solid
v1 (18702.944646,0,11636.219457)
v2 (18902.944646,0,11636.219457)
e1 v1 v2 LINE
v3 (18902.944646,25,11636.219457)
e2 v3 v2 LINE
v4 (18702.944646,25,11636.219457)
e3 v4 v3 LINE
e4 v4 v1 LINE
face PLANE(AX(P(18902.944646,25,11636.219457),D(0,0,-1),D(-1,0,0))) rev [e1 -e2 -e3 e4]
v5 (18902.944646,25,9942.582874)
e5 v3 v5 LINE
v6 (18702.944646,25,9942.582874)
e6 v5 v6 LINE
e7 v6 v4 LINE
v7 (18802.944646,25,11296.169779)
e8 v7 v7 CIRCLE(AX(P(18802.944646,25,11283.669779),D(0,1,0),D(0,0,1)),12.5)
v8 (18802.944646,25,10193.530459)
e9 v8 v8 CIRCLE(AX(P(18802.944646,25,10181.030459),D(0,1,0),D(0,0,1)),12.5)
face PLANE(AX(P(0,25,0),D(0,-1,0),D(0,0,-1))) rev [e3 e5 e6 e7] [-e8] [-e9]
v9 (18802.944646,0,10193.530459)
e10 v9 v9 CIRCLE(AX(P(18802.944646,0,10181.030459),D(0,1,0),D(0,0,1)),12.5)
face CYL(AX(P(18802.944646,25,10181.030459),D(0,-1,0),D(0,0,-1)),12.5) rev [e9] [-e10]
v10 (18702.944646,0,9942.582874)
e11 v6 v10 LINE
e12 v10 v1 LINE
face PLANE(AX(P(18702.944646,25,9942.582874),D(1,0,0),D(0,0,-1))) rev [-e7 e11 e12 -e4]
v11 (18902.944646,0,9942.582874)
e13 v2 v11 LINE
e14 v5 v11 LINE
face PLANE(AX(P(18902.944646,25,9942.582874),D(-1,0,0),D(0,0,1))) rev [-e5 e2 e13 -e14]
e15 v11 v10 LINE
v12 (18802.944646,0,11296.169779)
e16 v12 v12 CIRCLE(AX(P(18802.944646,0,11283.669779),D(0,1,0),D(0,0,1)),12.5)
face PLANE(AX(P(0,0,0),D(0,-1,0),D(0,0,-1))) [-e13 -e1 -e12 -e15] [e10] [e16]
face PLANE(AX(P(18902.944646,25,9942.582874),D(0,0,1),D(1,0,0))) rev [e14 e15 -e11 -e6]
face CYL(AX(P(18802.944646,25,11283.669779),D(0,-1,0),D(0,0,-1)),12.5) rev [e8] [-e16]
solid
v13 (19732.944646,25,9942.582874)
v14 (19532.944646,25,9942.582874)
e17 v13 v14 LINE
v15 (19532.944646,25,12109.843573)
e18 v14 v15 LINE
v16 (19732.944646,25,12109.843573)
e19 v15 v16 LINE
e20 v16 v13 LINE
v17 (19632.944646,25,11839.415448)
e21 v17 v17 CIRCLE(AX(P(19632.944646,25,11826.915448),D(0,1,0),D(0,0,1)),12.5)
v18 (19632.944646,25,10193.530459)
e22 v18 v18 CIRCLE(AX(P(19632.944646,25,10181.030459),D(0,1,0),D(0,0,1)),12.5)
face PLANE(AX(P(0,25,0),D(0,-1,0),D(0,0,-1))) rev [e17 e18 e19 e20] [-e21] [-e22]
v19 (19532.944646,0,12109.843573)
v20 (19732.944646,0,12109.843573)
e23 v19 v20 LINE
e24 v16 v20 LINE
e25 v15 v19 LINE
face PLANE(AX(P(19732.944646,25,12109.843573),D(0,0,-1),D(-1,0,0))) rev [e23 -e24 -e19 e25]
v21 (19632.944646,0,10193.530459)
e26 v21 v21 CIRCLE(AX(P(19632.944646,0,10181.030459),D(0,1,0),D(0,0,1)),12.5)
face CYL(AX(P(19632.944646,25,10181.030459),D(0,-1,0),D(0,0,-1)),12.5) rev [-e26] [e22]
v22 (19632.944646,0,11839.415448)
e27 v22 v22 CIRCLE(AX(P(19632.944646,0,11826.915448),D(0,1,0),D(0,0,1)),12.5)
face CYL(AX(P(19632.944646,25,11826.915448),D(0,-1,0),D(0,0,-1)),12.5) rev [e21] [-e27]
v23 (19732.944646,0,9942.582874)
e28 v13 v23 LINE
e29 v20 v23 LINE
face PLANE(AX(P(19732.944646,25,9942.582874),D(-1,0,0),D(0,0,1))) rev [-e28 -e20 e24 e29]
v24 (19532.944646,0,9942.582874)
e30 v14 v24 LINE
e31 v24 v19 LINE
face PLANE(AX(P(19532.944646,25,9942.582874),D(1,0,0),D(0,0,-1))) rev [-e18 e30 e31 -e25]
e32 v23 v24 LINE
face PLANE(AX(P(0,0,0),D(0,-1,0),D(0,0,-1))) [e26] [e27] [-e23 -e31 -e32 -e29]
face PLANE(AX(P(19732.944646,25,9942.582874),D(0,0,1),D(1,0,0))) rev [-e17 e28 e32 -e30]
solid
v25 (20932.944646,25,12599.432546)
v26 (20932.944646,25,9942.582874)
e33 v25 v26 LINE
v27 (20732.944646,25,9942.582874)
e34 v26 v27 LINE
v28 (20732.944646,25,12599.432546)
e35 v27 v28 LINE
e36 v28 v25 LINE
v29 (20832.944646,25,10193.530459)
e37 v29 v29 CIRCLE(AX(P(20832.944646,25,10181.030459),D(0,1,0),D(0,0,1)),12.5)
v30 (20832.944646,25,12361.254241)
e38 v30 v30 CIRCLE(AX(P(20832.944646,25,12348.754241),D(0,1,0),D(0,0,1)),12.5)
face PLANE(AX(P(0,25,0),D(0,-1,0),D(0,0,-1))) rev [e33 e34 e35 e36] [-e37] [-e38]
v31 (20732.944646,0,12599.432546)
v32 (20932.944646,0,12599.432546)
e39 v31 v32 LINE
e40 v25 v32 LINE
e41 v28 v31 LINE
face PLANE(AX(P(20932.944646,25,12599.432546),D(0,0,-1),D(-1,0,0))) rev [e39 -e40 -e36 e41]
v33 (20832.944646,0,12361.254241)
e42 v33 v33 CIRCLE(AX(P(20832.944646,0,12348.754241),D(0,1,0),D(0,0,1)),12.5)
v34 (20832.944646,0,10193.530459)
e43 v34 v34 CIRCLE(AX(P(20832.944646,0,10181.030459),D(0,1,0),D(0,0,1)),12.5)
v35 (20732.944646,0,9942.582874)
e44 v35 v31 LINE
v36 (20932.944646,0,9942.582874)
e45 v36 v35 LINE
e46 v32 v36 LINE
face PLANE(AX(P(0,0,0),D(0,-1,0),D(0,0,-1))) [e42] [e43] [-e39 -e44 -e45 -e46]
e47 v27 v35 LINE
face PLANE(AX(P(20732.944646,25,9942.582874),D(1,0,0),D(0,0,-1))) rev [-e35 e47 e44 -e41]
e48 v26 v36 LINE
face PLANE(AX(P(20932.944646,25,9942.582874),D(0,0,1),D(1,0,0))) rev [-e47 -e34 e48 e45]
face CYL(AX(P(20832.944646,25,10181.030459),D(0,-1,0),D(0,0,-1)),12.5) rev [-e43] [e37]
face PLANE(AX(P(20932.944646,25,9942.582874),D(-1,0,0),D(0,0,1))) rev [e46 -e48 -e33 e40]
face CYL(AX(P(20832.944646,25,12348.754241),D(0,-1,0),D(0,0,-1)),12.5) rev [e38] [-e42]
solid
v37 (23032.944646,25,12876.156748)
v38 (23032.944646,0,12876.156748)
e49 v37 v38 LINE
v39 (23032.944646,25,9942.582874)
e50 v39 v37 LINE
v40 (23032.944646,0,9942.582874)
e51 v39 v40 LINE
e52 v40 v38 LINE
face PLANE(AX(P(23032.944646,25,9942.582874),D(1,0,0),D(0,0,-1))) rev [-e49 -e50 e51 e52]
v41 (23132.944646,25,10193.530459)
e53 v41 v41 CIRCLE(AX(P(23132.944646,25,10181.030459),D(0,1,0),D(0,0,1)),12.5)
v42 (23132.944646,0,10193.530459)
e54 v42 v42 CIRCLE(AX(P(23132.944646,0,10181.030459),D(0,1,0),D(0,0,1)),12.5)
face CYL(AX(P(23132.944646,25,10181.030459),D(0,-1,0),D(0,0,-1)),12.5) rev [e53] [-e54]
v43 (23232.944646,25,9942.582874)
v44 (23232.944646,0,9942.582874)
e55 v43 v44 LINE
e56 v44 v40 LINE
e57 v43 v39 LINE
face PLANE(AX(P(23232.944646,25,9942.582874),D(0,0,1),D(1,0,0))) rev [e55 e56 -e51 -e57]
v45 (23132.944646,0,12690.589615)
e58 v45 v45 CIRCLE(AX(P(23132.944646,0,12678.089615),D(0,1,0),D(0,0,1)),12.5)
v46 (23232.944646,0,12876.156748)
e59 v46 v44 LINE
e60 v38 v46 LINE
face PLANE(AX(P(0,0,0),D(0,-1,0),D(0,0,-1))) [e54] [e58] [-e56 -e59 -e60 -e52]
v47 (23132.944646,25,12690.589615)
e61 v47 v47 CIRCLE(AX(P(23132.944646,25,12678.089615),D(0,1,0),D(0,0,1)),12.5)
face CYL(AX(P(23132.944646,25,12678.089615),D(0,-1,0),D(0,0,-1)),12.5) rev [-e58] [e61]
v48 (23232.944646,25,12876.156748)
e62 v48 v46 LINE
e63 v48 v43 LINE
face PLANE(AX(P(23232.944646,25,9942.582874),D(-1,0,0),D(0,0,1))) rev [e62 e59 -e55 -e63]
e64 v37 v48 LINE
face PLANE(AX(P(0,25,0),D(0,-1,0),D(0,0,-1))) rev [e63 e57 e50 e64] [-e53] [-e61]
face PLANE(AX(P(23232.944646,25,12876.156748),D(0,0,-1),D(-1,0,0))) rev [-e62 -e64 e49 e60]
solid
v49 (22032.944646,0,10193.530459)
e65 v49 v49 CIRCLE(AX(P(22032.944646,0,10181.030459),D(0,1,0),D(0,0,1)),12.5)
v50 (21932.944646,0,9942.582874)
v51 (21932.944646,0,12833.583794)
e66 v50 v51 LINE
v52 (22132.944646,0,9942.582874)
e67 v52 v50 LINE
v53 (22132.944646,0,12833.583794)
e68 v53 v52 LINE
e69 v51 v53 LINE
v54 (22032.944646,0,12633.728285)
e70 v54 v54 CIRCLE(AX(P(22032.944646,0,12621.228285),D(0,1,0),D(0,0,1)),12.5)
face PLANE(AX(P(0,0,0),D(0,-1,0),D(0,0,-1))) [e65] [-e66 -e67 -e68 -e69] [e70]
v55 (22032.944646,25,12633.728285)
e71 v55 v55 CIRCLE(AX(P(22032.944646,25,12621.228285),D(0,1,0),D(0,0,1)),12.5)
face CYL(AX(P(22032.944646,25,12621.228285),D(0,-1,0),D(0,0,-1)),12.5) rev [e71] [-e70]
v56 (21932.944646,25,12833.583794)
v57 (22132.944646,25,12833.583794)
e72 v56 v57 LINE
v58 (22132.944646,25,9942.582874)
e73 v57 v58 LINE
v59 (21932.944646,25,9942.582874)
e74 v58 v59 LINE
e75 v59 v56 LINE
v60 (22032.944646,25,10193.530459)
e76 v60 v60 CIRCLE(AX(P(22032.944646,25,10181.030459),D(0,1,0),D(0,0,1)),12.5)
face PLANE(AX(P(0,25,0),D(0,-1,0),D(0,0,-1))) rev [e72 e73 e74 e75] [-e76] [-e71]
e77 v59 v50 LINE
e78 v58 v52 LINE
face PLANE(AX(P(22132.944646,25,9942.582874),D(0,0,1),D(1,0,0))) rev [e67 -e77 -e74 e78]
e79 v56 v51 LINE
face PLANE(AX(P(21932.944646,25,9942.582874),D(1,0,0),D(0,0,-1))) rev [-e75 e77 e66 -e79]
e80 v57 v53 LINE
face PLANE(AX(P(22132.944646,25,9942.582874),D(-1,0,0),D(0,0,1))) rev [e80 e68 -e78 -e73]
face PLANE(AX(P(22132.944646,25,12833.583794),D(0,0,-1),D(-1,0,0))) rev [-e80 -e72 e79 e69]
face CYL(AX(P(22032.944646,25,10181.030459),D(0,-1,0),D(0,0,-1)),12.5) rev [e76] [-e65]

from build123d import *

# Parameters (mm, degrees)
SKETCH4_W             = 200
SKETCH4_H             = 2933.573874127
SKETCH4_R             = 12.5
BOSS_EXTRUDE1_DEPTH   = 25
SKETCH4_H_2           = 2891.000919938
BOSS_EXTRUDE1_2_DEPTH = 25
SKETCH4_H_3           = 2656.8496719
BOSS_EXTRUDE1_3_DEPTH = 25
SKETCH4_H_4           = 2167.26069873
BOSS_EXTRUDE1_4_DEPTH = 25
SKETCH4_H_5           = 1693.636583381
BOSS_EXTRUDE1_5_DEPTH = 25


with BuildPart() as part:
    # Sketch4 → Boss-Extrude1 (new body)
    with BuildSketch(Plane(origin=(0, 0, 0), x_dir=(1, 0, 0), z_dir=(0, 1, 0))):
        with Locations((23132.944645813, -11409.369811035)):
            Rectangle(SKETCH4_W, SKETCH4_H)
        with Locations((23132.944645813, -12678.089615367)):
            Circle(SKETCH4_R, mode=Mode.SUBTRACT)
        with Locations((23132.944645813, -10181.030459334)):
            Circle(SKETCH4_R, mode=Mode.SUBTRACT)
    extrude(amount=BOSS_EXTRUDE1_DEPTH)


with BuildPart() as body_2:
    # Sketch4 → Boss-Extrude1 2 (new body)
    with BuildSketch(Plane(origin=(0, 0, 0), x_dir=(1, 0, 0), z_dir=(0, 1, 0))):
        with Locations((22032.944645813, -11388.083333941)):
            Rectangle(SKETCH4_W, SKETCH4_H_2)
        with Locations((22032.944645813, -12621.228285175)):
            Circle(SKETCH4_R, mode=Mode.SUBTRACT)
        with Locations((22032.944645813, -10181.030459334)):
            Circle(SKETCH4_R, mode=Mode.SUBTRACT)
    extrude(amount=BOSS_EXTRUDE1_2_DEPTH)


with BuildPart() as body_3:
    # Sketch4 → Boss-Extrude1 3 (new body)
    with BuildSketch(Plane(origin=(0, 0, 0), x_dir=(1, 0, 0), z_dir=(0, 1, 0))):
        with Locations((20832.944645813, -11271.007709922)):
            Rectangle(SKETCH4_W, SKETCH4_H_3)
        with Locations((20832.944645813, -12348.754240871)):
            Circle(SKETCH4_R, mode=Mode.SUBTRACT)
        with Locations((20832.944645813, -10181.030459334)):
            Circle(SKETCH4_R, mode=Mode.SUBTRACT)
    extrude(amount=BOSS_EXTRUDE1_3_DEPTH)


with BuildPart() as body_4:
    # Sketch4 → Boss-Extrude1 4 (new body)
    with BuildSketch(Plane(origin=(0, 0, 0), x_dir=(1, 0, 0), z_dir=(0, 1, 0))):
        with Locations((19632.944645813, -11026.213223337)):
            Rectangle(SKETCH4_W, SKETCH4_H_4)
        with Locations((19632.944645813, -11826.915448153)):
            Circle(SKETCH4_R, mode=Mode.SUBTRACT)
        with Locations((19632.944645813, -10181.030459334)):
            Circle(SKETCH4_R, mode=Mode.SUBTRACT)
    extrude(amount=BOSS_EXTRUDE1_4_DEPTH)


with BuildPart() as body_5:
    # Sketch4 → Boss-Extrude1 5 (new body)
    with BuildSketch(Plane(origin=(0, 0, 0), x_dir=(1, 0, 0), z_dir=(0, 1, 0))):
        with Locations((18802.944645813, -10789.401165663)):
            Rectangle(SKETCH4_W, SKETCH4_H_5)
        with Locations((18802.944645813, -11283.669778774)):
            Circle(SKETCH4_R, mode=Mode.SUBTRACT)
        with Locations((18802.944645813, -10181.030459334)):
            Circle(SKETCH4_R, mode=Mode.SUBTRACT)
    extrude(amount=BOSS_EXTRUDE1_5_DEPTH)


solid = Compound([part.part, body_2.part, body_3.part, body_4.part, body_5.part])
